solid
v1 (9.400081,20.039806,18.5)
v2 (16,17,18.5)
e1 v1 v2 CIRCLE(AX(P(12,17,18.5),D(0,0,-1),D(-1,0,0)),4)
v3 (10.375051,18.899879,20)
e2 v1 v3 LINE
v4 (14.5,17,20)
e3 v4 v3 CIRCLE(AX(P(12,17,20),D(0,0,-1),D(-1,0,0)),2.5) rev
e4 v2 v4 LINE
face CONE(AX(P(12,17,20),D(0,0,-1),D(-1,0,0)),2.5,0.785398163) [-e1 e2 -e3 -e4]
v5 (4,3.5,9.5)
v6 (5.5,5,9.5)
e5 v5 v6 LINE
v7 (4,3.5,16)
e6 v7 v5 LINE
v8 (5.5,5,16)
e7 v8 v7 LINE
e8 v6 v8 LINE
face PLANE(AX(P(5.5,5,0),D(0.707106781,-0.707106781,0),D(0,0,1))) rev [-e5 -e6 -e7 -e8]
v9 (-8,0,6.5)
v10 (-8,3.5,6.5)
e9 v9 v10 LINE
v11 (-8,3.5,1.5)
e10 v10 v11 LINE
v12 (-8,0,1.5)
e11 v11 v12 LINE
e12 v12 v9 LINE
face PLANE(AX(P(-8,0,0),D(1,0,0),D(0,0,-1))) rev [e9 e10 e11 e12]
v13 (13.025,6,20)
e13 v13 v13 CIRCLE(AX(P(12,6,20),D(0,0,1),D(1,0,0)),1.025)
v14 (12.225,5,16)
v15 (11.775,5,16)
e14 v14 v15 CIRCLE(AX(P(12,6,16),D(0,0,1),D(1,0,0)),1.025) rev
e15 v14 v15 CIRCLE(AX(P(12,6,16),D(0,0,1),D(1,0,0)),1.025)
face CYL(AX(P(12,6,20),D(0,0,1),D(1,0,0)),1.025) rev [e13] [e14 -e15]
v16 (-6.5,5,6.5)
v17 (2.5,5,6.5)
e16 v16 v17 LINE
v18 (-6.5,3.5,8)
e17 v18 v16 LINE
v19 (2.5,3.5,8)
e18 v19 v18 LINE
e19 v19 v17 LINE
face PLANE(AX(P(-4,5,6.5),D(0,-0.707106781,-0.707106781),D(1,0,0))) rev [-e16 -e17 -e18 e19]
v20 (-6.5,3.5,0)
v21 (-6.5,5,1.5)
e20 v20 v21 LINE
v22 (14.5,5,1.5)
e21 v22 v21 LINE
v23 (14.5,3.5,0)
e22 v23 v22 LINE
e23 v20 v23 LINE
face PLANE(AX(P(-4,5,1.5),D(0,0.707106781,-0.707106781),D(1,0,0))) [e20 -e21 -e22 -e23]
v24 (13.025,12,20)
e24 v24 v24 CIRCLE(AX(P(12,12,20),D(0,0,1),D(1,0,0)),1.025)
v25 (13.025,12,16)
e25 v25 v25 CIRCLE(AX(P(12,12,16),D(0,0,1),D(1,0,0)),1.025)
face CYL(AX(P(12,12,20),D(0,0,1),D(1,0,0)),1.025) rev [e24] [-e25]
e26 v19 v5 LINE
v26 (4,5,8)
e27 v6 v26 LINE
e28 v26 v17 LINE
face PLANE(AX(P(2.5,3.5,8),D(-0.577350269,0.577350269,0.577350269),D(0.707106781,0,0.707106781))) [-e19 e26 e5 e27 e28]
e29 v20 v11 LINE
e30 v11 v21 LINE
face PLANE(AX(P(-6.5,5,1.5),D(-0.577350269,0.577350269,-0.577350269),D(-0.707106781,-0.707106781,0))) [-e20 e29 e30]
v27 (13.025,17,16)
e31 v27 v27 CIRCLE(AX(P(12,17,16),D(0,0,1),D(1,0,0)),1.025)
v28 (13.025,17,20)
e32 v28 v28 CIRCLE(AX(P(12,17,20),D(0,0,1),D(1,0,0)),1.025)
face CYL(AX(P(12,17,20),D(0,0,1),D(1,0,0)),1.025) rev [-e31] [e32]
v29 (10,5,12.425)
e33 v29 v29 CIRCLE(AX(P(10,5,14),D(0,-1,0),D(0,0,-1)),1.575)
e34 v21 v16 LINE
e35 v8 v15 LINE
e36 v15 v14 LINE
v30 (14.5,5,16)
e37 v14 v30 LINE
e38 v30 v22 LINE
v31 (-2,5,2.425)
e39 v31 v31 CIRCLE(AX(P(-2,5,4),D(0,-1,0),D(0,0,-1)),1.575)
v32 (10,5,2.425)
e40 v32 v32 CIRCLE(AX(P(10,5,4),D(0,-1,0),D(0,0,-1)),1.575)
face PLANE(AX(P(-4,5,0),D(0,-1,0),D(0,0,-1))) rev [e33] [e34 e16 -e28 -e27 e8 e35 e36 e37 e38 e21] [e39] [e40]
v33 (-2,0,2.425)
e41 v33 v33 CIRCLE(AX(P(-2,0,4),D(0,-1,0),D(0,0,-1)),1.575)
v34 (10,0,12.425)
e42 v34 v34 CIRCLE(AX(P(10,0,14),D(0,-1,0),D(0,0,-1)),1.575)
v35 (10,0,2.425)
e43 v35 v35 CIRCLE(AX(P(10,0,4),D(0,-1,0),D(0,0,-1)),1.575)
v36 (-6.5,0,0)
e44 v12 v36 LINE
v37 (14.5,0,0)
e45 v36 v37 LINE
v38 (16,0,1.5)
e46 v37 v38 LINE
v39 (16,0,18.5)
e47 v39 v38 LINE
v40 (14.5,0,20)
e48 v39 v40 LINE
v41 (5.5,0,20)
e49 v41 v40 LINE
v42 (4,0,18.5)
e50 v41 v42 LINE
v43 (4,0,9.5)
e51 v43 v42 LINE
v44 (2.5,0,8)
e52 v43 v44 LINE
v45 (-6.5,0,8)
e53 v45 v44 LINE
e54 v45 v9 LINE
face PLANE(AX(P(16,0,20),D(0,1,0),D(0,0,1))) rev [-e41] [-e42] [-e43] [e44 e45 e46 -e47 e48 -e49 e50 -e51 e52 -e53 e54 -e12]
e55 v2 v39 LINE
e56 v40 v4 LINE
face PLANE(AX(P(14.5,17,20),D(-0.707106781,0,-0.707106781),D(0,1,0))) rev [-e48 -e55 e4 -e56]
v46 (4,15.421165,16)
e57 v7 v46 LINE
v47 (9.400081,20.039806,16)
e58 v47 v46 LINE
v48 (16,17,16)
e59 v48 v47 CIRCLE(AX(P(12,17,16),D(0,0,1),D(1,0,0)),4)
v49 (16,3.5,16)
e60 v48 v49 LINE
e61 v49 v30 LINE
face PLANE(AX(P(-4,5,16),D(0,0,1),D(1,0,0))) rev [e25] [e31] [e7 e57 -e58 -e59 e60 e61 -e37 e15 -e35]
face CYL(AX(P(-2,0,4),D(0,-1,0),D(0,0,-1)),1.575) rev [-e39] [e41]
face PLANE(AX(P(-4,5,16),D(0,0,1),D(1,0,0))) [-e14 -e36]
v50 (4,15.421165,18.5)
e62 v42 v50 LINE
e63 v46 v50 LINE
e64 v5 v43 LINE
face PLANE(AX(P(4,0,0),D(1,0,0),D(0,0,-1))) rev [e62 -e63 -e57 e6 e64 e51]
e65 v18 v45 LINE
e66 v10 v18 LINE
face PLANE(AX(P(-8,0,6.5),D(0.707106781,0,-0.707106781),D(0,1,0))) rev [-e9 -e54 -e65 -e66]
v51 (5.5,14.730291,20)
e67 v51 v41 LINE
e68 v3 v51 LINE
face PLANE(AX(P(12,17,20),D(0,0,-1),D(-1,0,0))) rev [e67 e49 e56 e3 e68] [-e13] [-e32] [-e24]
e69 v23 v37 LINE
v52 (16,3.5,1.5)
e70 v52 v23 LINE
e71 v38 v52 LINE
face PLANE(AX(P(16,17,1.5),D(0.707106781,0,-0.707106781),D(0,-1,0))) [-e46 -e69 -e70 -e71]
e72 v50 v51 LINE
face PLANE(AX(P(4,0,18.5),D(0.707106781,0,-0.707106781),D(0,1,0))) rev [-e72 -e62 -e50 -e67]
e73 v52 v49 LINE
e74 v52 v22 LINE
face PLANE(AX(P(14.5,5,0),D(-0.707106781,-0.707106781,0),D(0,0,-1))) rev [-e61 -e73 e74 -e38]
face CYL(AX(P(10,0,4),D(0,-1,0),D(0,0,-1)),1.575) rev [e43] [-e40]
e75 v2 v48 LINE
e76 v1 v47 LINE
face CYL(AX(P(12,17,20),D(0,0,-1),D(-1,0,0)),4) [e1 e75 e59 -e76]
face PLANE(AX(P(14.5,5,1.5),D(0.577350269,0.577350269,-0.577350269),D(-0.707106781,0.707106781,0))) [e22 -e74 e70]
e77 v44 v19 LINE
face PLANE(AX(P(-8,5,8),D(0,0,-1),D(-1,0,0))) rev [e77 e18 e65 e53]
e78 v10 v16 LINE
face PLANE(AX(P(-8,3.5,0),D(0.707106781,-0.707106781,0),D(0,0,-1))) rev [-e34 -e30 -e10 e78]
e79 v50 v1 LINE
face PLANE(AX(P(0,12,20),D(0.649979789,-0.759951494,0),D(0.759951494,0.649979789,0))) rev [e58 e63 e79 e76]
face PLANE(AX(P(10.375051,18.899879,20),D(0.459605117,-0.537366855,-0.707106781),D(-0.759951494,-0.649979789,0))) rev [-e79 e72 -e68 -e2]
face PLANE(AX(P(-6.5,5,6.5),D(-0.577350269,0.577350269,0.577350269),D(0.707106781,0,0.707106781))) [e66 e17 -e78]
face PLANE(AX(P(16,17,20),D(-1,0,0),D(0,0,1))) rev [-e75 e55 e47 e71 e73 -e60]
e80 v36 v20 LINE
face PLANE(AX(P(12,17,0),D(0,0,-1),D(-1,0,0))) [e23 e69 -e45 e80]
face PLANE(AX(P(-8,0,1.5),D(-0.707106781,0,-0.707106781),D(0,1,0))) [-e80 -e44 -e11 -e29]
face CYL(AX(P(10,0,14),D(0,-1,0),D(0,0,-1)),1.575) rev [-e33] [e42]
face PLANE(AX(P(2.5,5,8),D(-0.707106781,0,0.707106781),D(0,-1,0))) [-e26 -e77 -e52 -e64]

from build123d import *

# Parameters (mm, degrees)
RESSALTO_EXTRUS_O1_DEPTH                      = 20
ESBO_O2_W                                     = 16
ESBO_O2_H                                     = 16
CORTE_EXTRUS_O1_DEPTH                         = 20
CORTE_EXTRUS_O2_DEPTH                         = 34.120990323
CHANFRO2_SIZE                                 = 1.5
FURO_ROSCADO_DE_M2_51_D                       = 2.05
ESBO_O8_W                                     = 8
ESBO_O8_H                                     = 5
RESSALTO_EXTRUS_O2_DEPTH                      = 12
CHANFRO3_SIZE                                 = 1.5
FURO_ROSCADO_PARA_CONDU_TE_DE_M3X0_51_D       = 3.15
BROCA_DE_ROSQUEAR_PARA_TARRAXA_DE_M2_51_D     = 2.05
BROCA_DE_ROSQUEAR_PARA_TARRAXA_DE_M2_51_DEPTH = 4


with BuildPart() as part:
    # Esboço1 → Ressalto-extrusão1 (new body)
    with BuildSketch(Plane.XY):
        with BuildLine():
            Line((0, 0), (0, 12))
            Line((0, 12), (9.400080843, 20.039805977))
            ThreePointArc((9.400080843, 20.039805977), (13.673368365, 20.633158174), (16, 17))
            Line((16, 17), (16, 4))
            Line((16, 4), (16, 0))
            Line((16, 0), (0, 0))
        make_face()
    extrude(amount=RESSALTO_EXTRUS_O1_DEPTH)

    # Esboço2 → Corte-extrusão1 (cut)
    with BuildSketch(Plane(origin=(16, 0, 0), x_dir=(0, 0, -1), z_dir=(1, 0, 0))):
        with Locations((-8, 13)):
            Rectangle(ESBO_O2_W, ESBO_O2_H)
    extrude(amount=-CORTE_EXTRUS_O1_DEPTH, mode=Mode.SUBTRACT)

    # Esboço3 → Corte-extrusão2 (cut, through all)
    with BuildSketch(Plane.XY.offset(20)):
        Polygon((0, 0), (4, 0), (4, 15.42116461), (0, 12), align=None)
    extrude(amount=-CORTE_EXTRUS_O2_DEPTH, mode=Mode.SUBTRACT)

    # Chanfro2
    chanfro2_edges = [part.edges().sort_by_distance(p)[0] for p in [
        (13.673368365, 20.633158174, 20),
        (6.700040421, 17.730485293, 20),
        (4, 7.710582305, 20),
        (16, 8.5, 20),
    ]]
    chamfer(chanfro2_edges, length=CHANFRO2_SIZE)

    # Furo roscado de M2.51 (through all)
    with Locations(Plane(origin=(12, 17, 20), x_dir=(1, 0, 0), z_dir=(0, 0, 1))):
        with Locations((0, 0)):
            Hole(FURO_ROSCADO_DE_M2_51_D / 2)

    # Esboço8 → Ressalto-extrusão2 (add)
    with BuildSketch(Plane.ZY.offset(-4)):
        with Locations((4, 2.5)):
            Rectangle(ESBO_O8_W, ESBO_O8_H)
    extrude(amount=RESSALTO_EXTRUS_O2_DEPTH)

    # Chanfro3
    chanfro3_edges = [part.edges().sort_by_distance(p)[0] for p in [
        (-2, 5, 8),
        (-8, 2.5, 0),
        (-8, 2.5, 8),
        (-8, 5, 4),
        (4, 5, 0),
        (16, 5, 8),
        (16, 2.5, 0),
        (4, 5, 12),
        (4, 2.5, 8),
    ]]
    chamfer(chanfro3_edges, length=CHANFRO3_SIZE)

    # Furo roscado para conduíte de M3x0.51 (through all)
    with Locations(Plane(origin=(-2, 0, 4), x_dir=(0, 0, -1), z_dir=(0, -1, 0))):
        with Locations((0, 0), (0, 12), (-10, 12)):
            Hole(FURO_ROSCADO_PARA_CONDU_TE_DE_M3X0_51_D / 2)

    # Broca de rosquear para tarraxa de M2.51
    with Locations(Plane(origin=(12, 6, 20), x_dir=(1, 0, 0), z_dir=(0, 0, 1))):
        with Locations((0, 0), (0, 6)):
            Hole(BROCA_DE_ROSQUEAR_PARA_TARRAXA_DE_M2_51_D / 2, depth=BROCA_DE_ROSQUEAR_PARA_TARRAXA_DE_M2_51_DEPTH)


solid = part.part
